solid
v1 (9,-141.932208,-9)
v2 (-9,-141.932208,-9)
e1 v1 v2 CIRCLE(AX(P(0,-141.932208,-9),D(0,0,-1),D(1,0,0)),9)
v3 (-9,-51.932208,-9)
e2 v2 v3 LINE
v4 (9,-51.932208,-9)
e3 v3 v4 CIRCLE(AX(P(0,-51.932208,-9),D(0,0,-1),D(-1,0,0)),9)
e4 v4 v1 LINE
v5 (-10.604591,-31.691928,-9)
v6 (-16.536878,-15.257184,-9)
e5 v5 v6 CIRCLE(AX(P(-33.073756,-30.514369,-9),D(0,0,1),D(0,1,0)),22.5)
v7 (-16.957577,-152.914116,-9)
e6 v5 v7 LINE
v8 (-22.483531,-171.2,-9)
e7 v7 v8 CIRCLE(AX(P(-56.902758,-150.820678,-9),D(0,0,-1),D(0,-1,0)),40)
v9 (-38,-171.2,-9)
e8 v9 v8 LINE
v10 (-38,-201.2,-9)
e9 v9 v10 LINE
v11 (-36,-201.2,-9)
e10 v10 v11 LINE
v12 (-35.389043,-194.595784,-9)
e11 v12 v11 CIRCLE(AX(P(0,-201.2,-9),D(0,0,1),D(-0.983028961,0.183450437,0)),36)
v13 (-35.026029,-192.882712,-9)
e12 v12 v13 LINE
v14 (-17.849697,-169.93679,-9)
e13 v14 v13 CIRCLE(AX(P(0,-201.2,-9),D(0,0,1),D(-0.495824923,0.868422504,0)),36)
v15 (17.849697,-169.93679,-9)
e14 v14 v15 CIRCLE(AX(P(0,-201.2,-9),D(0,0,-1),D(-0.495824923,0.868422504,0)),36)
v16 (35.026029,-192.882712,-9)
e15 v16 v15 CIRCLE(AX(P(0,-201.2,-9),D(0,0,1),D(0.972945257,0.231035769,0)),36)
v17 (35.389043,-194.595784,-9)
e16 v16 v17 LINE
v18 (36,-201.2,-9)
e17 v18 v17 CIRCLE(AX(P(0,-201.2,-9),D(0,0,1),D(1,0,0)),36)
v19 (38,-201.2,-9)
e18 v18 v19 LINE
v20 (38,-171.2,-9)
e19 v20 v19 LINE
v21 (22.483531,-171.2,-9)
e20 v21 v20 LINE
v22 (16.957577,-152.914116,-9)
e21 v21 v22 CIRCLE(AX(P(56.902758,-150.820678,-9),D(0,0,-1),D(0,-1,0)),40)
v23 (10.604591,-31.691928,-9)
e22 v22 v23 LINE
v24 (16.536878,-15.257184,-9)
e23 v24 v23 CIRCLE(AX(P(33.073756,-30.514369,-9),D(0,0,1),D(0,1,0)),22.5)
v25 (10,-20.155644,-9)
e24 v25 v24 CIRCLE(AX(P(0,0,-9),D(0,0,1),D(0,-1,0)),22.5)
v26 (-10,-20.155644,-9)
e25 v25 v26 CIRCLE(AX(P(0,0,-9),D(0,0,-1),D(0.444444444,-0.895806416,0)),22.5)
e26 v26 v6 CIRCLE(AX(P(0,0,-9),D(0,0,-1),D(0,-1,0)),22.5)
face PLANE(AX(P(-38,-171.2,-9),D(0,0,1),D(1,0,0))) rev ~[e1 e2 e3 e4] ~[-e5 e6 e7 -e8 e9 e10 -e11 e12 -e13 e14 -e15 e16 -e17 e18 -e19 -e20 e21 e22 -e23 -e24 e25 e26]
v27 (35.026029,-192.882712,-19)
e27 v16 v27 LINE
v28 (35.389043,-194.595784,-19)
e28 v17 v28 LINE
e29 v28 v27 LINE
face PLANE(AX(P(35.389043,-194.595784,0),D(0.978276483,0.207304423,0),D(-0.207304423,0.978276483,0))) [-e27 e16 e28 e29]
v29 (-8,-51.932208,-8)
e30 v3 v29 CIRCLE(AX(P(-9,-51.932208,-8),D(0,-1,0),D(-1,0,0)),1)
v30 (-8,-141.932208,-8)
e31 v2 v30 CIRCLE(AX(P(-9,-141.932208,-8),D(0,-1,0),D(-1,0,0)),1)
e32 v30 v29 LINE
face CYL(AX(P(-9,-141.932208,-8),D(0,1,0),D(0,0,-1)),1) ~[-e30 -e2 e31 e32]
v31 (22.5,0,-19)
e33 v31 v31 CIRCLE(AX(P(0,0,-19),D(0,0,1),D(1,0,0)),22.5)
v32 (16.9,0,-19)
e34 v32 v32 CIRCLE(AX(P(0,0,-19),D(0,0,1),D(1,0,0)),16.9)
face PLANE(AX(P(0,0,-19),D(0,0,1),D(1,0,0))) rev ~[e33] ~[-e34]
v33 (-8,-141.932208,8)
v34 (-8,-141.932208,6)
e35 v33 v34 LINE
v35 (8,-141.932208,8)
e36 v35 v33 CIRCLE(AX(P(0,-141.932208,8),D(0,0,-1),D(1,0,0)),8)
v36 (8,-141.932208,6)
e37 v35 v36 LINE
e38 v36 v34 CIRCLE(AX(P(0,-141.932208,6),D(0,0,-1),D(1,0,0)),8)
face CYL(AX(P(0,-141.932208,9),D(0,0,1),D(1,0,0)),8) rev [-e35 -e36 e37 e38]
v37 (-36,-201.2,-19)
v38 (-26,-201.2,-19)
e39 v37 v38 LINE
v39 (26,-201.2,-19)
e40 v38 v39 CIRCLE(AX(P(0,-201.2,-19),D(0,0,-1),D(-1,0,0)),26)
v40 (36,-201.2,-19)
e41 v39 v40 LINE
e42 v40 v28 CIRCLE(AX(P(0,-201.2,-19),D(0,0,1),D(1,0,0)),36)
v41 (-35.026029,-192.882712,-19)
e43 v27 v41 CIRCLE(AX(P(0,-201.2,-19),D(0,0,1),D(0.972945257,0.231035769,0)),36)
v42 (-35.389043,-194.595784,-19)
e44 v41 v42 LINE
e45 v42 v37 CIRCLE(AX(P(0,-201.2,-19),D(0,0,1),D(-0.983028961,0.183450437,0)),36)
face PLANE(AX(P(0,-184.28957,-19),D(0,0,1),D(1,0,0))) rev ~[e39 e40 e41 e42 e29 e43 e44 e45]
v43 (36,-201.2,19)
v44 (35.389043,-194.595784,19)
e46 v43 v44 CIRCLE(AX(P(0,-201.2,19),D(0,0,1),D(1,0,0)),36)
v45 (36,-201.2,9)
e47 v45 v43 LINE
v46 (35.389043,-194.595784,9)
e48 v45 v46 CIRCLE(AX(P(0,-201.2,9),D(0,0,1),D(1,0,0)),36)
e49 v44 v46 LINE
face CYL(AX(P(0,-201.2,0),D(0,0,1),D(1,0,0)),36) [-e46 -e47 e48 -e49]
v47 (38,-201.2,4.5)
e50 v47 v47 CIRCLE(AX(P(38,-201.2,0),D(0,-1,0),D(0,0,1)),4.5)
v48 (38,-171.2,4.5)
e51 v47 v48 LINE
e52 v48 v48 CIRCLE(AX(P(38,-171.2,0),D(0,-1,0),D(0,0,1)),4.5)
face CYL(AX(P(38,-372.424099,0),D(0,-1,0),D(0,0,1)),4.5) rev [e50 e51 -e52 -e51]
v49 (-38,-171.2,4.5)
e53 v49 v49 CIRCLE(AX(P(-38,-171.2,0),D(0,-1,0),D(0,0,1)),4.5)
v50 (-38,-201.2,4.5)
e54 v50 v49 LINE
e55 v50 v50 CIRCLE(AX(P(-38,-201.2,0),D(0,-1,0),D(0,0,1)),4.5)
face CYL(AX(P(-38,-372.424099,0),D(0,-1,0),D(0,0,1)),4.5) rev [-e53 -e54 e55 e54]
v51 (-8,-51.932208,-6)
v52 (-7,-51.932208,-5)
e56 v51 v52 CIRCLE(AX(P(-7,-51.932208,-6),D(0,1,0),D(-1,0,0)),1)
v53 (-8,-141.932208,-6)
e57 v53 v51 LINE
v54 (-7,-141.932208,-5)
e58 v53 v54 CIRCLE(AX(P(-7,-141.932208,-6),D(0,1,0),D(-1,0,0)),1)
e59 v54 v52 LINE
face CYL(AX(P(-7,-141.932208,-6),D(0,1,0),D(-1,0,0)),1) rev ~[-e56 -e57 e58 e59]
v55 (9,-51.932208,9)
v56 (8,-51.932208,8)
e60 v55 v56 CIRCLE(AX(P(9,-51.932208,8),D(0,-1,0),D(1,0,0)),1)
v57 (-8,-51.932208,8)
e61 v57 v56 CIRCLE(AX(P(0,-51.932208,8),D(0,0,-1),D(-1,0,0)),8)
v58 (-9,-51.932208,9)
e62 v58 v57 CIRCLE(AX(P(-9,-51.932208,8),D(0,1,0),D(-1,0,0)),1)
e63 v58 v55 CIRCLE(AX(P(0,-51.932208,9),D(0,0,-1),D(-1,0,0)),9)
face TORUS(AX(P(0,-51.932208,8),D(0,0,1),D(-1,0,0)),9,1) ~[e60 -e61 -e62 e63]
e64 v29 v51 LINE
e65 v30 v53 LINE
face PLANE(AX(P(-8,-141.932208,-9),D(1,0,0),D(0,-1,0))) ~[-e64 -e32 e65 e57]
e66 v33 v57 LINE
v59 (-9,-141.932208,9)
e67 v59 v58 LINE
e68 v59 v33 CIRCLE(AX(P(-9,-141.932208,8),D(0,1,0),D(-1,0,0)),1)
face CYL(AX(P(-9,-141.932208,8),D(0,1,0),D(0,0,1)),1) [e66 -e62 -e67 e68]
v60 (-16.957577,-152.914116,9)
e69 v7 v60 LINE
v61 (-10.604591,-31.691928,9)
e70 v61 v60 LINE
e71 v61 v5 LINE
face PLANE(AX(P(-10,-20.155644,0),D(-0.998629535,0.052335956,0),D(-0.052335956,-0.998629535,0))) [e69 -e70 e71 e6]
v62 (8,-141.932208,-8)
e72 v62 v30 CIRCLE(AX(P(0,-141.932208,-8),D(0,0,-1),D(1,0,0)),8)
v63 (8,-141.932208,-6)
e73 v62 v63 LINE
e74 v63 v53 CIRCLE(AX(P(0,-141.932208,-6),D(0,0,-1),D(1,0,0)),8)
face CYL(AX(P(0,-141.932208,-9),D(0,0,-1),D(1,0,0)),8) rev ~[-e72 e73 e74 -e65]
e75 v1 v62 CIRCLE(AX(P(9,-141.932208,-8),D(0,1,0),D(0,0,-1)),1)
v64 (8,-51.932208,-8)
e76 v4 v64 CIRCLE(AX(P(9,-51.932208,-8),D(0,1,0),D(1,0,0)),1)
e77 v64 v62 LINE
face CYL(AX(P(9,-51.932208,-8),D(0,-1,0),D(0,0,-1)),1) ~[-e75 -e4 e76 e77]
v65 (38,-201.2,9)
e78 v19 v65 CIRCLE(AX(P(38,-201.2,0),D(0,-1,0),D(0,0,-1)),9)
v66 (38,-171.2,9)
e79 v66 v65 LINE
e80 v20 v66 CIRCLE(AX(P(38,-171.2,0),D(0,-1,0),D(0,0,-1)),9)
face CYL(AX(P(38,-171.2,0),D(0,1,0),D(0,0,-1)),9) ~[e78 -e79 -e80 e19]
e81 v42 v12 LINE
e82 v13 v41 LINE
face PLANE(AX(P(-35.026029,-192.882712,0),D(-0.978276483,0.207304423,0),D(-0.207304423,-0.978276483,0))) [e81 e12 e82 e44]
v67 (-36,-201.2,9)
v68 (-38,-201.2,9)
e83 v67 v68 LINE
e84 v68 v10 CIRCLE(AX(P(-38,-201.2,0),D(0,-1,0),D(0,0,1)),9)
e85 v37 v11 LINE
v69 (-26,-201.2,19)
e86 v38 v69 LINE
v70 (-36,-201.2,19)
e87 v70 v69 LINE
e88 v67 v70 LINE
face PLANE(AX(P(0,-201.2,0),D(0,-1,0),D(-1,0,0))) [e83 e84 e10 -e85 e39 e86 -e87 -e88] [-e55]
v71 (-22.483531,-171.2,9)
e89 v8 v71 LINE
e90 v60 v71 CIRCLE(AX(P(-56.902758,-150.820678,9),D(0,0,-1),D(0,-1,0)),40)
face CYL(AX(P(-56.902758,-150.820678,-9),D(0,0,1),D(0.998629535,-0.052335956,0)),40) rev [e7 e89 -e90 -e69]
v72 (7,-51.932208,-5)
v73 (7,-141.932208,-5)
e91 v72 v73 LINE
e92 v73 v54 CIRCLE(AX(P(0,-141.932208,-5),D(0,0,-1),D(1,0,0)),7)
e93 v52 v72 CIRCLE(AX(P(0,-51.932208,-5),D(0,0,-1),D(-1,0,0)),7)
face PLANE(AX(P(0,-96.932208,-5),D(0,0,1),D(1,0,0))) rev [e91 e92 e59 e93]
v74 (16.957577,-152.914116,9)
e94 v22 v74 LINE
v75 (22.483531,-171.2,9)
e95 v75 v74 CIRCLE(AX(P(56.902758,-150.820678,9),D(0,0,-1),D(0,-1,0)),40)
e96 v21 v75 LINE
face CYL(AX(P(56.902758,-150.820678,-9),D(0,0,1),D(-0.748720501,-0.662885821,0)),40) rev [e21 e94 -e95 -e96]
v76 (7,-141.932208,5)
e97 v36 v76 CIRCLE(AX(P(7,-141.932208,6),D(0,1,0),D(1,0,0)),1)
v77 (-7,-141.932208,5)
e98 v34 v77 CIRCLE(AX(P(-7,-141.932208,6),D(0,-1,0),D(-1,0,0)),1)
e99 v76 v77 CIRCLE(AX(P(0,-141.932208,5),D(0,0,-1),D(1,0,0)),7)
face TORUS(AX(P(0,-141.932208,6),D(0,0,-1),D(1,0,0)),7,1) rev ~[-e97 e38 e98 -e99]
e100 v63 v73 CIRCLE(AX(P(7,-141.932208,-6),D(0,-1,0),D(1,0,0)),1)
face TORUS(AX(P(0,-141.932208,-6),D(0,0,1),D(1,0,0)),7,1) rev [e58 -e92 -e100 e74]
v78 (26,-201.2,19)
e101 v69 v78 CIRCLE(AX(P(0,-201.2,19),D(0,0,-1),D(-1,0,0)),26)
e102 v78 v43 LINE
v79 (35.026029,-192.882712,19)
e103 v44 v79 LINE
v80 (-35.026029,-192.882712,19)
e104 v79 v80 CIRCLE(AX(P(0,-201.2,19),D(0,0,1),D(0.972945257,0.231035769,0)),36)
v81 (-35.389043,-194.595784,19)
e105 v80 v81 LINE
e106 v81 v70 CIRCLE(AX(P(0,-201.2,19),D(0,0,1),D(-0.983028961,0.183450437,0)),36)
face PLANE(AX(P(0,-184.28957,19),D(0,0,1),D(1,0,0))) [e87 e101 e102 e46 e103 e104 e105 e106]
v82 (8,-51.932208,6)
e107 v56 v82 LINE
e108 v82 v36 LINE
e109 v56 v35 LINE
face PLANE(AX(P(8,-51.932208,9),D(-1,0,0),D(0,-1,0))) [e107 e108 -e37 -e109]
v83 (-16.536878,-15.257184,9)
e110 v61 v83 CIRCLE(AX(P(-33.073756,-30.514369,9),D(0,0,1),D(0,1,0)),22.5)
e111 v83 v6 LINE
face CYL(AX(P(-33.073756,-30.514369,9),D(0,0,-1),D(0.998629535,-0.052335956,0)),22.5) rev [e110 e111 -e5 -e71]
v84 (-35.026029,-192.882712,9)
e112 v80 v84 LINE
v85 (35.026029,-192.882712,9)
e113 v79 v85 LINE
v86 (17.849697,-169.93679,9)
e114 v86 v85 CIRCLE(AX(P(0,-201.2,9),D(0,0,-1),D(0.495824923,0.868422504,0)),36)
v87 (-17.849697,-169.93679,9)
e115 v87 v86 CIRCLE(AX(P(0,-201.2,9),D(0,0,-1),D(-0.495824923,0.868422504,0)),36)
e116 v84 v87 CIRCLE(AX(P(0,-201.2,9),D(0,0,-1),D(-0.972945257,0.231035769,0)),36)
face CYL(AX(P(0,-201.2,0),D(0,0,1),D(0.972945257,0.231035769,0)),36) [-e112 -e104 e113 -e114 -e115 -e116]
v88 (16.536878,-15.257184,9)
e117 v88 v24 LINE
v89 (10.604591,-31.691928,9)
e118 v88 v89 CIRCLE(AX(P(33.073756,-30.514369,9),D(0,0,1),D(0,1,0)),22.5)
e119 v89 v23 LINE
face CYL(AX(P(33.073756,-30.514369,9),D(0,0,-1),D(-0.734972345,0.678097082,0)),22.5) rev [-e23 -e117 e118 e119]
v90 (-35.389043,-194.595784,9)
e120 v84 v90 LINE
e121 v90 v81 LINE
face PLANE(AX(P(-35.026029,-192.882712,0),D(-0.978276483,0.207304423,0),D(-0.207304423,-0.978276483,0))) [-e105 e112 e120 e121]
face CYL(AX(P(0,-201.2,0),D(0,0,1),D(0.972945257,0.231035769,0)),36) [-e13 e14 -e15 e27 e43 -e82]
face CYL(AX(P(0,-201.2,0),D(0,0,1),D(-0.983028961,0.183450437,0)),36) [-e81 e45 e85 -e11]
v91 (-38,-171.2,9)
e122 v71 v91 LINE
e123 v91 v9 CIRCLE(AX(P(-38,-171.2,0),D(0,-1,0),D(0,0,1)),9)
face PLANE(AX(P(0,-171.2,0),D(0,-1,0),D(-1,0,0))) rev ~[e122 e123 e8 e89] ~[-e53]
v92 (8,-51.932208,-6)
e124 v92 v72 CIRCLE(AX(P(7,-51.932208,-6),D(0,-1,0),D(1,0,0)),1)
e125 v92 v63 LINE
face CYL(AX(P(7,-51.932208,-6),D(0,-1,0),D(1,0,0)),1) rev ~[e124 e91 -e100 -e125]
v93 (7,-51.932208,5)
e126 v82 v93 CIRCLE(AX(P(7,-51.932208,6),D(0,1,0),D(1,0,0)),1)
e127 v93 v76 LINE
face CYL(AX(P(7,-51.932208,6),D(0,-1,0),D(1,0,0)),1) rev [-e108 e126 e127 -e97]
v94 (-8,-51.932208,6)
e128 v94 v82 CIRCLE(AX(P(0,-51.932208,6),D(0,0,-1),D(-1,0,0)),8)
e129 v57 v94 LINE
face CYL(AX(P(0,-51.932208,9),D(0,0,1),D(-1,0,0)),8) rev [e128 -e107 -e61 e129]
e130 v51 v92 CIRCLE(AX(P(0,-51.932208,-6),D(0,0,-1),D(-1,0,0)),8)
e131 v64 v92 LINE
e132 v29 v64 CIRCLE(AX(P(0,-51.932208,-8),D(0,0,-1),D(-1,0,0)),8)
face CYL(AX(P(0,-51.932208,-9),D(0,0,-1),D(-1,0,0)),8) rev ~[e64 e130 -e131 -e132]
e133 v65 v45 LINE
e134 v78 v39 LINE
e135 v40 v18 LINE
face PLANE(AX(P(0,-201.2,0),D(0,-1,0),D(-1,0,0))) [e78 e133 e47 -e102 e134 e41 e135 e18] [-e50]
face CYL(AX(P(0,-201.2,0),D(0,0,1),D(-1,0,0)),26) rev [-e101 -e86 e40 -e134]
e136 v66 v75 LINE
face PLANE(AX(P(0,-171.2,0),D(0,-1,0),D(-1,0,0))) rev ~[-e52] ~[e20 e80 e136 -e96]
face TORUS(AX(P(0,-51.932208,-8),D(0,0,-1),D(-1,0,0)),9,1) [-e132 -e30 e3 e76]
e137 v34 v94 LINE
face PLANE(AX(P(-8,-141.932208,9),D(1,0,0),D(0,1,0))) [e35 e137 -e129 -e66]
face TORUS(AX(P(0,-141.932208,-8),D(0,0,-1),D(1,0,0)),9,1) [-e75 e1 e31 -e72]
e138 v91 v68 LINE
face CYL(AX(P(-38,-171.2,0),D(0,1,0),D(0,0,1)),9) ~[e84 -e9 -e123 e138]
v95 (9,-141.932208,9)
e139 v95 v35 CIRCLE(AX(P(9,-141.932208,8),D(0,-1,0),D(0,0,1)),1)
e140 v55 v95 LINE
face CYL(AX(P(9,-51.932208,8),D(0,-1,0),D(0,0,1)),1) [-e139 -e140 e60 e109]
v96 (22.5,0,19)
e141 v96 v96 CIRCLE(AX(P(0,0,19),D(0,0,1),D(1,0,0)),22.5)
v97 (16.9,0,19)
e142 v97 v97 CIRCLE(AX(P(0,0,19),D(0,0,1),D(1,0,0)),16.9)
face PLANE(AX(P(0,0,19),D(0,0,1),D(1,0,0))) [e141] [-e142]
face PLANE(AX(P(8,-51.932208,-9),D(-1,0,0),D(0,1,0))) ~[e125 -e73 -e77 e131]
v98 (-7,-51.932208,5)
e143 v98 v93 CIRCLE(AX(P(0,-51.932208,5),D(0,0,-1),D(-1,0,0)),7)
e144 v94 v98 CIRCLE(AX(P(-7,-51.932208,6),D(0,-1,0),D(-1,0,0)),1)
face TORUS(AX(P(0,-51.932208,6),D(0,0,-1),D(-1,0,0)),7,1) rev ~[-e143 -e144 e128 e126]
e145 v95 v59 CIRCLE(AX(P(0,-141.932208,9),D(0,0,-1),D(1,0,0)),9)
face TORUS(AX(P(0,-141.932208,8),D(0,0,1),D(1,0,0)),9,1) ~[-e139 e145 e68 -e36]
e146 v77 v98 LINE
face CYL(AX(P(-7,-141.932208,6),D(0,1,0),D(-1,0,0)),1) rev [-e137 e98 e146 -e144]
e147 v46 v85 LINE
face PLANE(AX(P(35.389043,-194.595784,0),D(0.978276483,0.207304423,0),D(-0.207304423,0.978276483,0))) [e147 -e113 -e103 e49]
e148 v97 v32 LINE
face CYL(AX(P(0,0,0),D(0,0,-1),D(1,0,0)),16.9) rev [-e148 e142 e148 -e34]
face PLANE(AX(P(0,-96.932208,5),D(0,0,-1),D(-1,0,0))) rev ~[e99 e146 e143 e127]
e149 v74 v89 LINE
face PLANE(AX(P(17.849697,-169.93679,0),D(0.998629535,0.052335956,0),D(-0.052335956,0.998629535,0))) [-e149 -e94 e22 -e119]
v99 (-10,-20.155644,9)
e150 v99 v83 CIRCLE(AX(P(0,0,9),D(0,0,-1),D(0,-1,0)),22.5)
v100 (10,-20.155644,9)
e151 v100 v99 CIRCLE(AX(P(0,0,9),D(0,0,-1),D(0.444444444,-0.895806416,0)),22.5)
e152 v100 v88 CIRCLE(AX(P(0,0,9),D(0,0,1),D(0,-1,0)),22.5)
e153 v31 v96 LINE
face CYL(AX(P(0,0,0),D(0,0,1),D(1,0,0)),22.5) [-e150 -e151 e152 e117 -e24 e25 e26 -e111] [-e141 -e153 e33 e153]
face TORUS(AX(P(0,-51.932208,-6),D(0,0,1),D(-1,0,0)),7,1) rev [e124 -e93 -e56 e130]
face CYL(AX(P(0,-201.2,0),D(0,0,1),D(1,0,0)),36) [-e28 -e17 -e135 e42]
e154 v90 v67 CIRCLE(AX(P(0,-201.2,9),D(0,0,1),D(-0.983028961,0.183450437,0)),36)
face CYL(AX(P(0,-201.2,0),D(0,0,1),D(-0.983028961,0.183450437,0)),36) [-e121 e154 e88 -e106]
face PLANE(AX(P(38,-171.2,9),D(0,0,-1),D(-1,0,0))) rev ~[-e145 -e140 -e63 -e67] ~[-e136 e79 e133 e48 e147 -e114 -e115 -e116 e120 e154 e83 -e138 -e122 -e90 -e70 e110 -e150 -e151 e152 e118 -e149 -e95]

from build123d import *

# Parameters (mm, degrees)
BOSS_EXTRUDE4_DEPTH     = 19
SKETCH1_R               = 22.5
SKETCH1_R_2             = 16.9
BOSS_EXTRUDE4_2_DEPTH   = 19
BOSS_EXTRUDE5_DEPTH     = 9
CUT_EXTRUDE1_DEPTH      = 4
FILLET1_R               = 1
FILLET2_R               = 22.5
FILLET3_R               = 40
BOSS_EXTRUDE6_DEPTH     = 30
CUT_EXTRUDE2_DEPTH      = 209.505251732
CUT_EXTRUDE2_DEPTH_BACK = 209.505251732
SKETCH6_R               = 26
CUT_EXTRUDE3_DEPTH      = 201.224099449
CUT_EXTRUDE3_DEPTH_BACK = 201.224099449
SKETCH7_R               = 4.5


with BuildPart() as part:
    # Sketch1 → Boss-Extrude4 (new, symmetric)
    with BuildSketch(Plane.XY):
        with BuildLine():
            Line((-35.026029259, -192.882712321), (-35.389042583, -194.595784299))
            ThreePointArc((-35.389042583, -194.595784299), (-35.846935246, -197.883792302), (-36, -201.2))
            Line((-36, -201.2), (-26, -201.2))
            ThreePointArc((-26, -201.2), (0, -175.2), (26, -201.2))
            Line((26, -201.2), (36, -201.2))
            ThreePointArc((36, -201.2), (35.846935246, -197.883792302), (35.389042583, -194.595784299))
            Line((35.389042583, -194.595784299), (35.026029259, -192.882712321))
            ThreePointArc((35.026029259, -192.882712321), (0, -165.2), (-35.026029259, -192.882712321))
        make_face()
    extrude(amount=BOSS_EXTRUDE4_DEPTH, both=True)



with BuildPart() as body_2:
    # Sketch1 → Boss-Extrude4 2 (new, symmetric)
    with BuildSketch(Plane.XY):
        Circle(SKETCH1_R)
        Circle(SKETCH1_R_2, mode=Mode.SUBTRACT)
    extrude(amount=BOSS_EXTRUDE4_2_DEPTH, both=True)


with BuildPart() as part_1:
    add(part.part)

    add(body_2.part)  # Boss-Extrude5 merges body 2
    # Sketch1<7> → Boss-Extrude5 (add, symmetric)
    with BuildSketch(Plane.XY):
        with BuildLine():
            Line((-10, -20.155644371), (-17.849697213, -169.936789841))
            ThreePointArc((-17.849697213, -169.936789841), (0, -165.2), (17.849697213, -169.936789841))
            Line((17.849697213, -169.936789841), (10, -20.155644371))
            ThreePointArc((10, -20.155644371), (0, -22.5), (-10, -20.155644371))
        make_face()
    extrude(amount=BOSS_EXTRUDE5_DEPTH, both=True)

    # Sketch2 → Cut-Extrude1 (cut)
    with BuildSketch(Plane.XY.offset(9)):
        with BuildLine():
            Line((8, -51.932208026), (8, -141.932208026))
            ThreePointArc((8, -141.932208026), (0, -149.932208026), (-8, -141.932208026))
            Line((-8, -141.932208026), (-8, -51.932208026))
            ThreePointArc((-8, -51.932208026), (0, -43.932208026), (8, -51.932208026))
        make_face()
    cut_extrude1 = extrude(amount=-CUT_EXTRUDE1_DEPTH, mode=Mode.SUBTRACT)

    # Mirror1: Cut-Extrude1 across plane
    add(cut_extrude1.mirror(Plane.XY), mode=Mode.SUBTRACT)

    # Fillet1
    fillet1_edges = [part_1.edges().sort_by_distance(p)[0] for p in [
        (0, -43.932208026, 5),
        (8, -96.932208026, 5),
        (0, -149.932208026, 5),
        (-8, -96.932208026, 5),
        (0, -43.932208026, 9),
        (-8, -96.932208026, 9),
        (0, -149.932208026, 9),
        (8, -96.932208026, 9),
        (0, -43.932208026, -9),
        (-8, -96.932208026, -9),
        (0, -149.932208026, -9),
        (8, -96.932208026, -9),
        (0, -43.932208026, -5),
        (-8, -96.932208026, -5),
        (0, -149.932208026, -5),
        (8, -96.932208026, -5),
    ]]
    fillet(fillet1_edges, radius=FILLET1_R)

    # Fillet2
    fillet2_edges = [part_1.edges().sort_by_distance(p)[0] for p in [
        (10, -20.155644371, 0),
        (-10, -20.155644371, 0),
    ]]
    fillet(fillet2_edges, radius=FILLET2_R)

    # Fillet3
    fillet3_edges = [part_1.edges().sort_by_distance(p)[0] for p in [
        (-17.849697213, -169.936789841, 0),
        (17.849697213, -169.936789841, 0),
    ]]
    fillet(fillet3_edges, radius=FILLET3_R)

    # Sketch3 → Boss-Extrude6 (add)
    with BuildSketch(Plane(origin=(0, -171.2, 0), x_dir=(1, 0, 0), z_dir=(0, 1, 0))):
        with BuildLine():
            Line((-38, 9), (38, 9))
            ThreePointArc((38, 9), (47, 0), (38, -9))
            Line((38, -9), (-38, -9))
            ThreePointArc((-38, -9), (-47, 0), (-38, 9))
        make_face()
    extrude(amount=-BOSS_EXTRUDE6_DEPTH)

    # Sketch6 → Cut-Extrude2 (cut, two sides: drawn at the far end of the back side and taken through both)
    with BuildSketch(Plane.XY.offset(9).offset(-CUT_EXTRUDE2_DEPTH_BACK)):
        with Locations((0, -201.2)):
            Circle(SKETCH6_R)
    extrude(amount=CUT_EXTRUDE2_DEPTH + CUT_EXTRUDE2_DEPTH_BACK, mode=Mode.SUBTRACT)

    # Sketch7 → Cut-Extrude3 (cut, two sides: drawn at the far end of the back side and taken through both)
    with BuildSketch(Plane(origin=(0, -171.2, 0), x_dir=(1, 0, 0), z_dir=(0, 1, 0)).offset(-CUT_EXTRUDE3_DEPTH_BACK)):
        with Locations(Location((-38, 0, 0), (0, 0, 270))):
            Circle(SKETCH7_R)
        with Locations(Location((38, 0, 0), (0, 0, 270))):
            Circle(SKETCH7_R)
    extrude(amount=CUT_EXTRUDE3_DEPTH + CUT_EXTRUDE3_DEPTH_BACK, mode=Mode.SUBTRACT)


solid = part_1.part
